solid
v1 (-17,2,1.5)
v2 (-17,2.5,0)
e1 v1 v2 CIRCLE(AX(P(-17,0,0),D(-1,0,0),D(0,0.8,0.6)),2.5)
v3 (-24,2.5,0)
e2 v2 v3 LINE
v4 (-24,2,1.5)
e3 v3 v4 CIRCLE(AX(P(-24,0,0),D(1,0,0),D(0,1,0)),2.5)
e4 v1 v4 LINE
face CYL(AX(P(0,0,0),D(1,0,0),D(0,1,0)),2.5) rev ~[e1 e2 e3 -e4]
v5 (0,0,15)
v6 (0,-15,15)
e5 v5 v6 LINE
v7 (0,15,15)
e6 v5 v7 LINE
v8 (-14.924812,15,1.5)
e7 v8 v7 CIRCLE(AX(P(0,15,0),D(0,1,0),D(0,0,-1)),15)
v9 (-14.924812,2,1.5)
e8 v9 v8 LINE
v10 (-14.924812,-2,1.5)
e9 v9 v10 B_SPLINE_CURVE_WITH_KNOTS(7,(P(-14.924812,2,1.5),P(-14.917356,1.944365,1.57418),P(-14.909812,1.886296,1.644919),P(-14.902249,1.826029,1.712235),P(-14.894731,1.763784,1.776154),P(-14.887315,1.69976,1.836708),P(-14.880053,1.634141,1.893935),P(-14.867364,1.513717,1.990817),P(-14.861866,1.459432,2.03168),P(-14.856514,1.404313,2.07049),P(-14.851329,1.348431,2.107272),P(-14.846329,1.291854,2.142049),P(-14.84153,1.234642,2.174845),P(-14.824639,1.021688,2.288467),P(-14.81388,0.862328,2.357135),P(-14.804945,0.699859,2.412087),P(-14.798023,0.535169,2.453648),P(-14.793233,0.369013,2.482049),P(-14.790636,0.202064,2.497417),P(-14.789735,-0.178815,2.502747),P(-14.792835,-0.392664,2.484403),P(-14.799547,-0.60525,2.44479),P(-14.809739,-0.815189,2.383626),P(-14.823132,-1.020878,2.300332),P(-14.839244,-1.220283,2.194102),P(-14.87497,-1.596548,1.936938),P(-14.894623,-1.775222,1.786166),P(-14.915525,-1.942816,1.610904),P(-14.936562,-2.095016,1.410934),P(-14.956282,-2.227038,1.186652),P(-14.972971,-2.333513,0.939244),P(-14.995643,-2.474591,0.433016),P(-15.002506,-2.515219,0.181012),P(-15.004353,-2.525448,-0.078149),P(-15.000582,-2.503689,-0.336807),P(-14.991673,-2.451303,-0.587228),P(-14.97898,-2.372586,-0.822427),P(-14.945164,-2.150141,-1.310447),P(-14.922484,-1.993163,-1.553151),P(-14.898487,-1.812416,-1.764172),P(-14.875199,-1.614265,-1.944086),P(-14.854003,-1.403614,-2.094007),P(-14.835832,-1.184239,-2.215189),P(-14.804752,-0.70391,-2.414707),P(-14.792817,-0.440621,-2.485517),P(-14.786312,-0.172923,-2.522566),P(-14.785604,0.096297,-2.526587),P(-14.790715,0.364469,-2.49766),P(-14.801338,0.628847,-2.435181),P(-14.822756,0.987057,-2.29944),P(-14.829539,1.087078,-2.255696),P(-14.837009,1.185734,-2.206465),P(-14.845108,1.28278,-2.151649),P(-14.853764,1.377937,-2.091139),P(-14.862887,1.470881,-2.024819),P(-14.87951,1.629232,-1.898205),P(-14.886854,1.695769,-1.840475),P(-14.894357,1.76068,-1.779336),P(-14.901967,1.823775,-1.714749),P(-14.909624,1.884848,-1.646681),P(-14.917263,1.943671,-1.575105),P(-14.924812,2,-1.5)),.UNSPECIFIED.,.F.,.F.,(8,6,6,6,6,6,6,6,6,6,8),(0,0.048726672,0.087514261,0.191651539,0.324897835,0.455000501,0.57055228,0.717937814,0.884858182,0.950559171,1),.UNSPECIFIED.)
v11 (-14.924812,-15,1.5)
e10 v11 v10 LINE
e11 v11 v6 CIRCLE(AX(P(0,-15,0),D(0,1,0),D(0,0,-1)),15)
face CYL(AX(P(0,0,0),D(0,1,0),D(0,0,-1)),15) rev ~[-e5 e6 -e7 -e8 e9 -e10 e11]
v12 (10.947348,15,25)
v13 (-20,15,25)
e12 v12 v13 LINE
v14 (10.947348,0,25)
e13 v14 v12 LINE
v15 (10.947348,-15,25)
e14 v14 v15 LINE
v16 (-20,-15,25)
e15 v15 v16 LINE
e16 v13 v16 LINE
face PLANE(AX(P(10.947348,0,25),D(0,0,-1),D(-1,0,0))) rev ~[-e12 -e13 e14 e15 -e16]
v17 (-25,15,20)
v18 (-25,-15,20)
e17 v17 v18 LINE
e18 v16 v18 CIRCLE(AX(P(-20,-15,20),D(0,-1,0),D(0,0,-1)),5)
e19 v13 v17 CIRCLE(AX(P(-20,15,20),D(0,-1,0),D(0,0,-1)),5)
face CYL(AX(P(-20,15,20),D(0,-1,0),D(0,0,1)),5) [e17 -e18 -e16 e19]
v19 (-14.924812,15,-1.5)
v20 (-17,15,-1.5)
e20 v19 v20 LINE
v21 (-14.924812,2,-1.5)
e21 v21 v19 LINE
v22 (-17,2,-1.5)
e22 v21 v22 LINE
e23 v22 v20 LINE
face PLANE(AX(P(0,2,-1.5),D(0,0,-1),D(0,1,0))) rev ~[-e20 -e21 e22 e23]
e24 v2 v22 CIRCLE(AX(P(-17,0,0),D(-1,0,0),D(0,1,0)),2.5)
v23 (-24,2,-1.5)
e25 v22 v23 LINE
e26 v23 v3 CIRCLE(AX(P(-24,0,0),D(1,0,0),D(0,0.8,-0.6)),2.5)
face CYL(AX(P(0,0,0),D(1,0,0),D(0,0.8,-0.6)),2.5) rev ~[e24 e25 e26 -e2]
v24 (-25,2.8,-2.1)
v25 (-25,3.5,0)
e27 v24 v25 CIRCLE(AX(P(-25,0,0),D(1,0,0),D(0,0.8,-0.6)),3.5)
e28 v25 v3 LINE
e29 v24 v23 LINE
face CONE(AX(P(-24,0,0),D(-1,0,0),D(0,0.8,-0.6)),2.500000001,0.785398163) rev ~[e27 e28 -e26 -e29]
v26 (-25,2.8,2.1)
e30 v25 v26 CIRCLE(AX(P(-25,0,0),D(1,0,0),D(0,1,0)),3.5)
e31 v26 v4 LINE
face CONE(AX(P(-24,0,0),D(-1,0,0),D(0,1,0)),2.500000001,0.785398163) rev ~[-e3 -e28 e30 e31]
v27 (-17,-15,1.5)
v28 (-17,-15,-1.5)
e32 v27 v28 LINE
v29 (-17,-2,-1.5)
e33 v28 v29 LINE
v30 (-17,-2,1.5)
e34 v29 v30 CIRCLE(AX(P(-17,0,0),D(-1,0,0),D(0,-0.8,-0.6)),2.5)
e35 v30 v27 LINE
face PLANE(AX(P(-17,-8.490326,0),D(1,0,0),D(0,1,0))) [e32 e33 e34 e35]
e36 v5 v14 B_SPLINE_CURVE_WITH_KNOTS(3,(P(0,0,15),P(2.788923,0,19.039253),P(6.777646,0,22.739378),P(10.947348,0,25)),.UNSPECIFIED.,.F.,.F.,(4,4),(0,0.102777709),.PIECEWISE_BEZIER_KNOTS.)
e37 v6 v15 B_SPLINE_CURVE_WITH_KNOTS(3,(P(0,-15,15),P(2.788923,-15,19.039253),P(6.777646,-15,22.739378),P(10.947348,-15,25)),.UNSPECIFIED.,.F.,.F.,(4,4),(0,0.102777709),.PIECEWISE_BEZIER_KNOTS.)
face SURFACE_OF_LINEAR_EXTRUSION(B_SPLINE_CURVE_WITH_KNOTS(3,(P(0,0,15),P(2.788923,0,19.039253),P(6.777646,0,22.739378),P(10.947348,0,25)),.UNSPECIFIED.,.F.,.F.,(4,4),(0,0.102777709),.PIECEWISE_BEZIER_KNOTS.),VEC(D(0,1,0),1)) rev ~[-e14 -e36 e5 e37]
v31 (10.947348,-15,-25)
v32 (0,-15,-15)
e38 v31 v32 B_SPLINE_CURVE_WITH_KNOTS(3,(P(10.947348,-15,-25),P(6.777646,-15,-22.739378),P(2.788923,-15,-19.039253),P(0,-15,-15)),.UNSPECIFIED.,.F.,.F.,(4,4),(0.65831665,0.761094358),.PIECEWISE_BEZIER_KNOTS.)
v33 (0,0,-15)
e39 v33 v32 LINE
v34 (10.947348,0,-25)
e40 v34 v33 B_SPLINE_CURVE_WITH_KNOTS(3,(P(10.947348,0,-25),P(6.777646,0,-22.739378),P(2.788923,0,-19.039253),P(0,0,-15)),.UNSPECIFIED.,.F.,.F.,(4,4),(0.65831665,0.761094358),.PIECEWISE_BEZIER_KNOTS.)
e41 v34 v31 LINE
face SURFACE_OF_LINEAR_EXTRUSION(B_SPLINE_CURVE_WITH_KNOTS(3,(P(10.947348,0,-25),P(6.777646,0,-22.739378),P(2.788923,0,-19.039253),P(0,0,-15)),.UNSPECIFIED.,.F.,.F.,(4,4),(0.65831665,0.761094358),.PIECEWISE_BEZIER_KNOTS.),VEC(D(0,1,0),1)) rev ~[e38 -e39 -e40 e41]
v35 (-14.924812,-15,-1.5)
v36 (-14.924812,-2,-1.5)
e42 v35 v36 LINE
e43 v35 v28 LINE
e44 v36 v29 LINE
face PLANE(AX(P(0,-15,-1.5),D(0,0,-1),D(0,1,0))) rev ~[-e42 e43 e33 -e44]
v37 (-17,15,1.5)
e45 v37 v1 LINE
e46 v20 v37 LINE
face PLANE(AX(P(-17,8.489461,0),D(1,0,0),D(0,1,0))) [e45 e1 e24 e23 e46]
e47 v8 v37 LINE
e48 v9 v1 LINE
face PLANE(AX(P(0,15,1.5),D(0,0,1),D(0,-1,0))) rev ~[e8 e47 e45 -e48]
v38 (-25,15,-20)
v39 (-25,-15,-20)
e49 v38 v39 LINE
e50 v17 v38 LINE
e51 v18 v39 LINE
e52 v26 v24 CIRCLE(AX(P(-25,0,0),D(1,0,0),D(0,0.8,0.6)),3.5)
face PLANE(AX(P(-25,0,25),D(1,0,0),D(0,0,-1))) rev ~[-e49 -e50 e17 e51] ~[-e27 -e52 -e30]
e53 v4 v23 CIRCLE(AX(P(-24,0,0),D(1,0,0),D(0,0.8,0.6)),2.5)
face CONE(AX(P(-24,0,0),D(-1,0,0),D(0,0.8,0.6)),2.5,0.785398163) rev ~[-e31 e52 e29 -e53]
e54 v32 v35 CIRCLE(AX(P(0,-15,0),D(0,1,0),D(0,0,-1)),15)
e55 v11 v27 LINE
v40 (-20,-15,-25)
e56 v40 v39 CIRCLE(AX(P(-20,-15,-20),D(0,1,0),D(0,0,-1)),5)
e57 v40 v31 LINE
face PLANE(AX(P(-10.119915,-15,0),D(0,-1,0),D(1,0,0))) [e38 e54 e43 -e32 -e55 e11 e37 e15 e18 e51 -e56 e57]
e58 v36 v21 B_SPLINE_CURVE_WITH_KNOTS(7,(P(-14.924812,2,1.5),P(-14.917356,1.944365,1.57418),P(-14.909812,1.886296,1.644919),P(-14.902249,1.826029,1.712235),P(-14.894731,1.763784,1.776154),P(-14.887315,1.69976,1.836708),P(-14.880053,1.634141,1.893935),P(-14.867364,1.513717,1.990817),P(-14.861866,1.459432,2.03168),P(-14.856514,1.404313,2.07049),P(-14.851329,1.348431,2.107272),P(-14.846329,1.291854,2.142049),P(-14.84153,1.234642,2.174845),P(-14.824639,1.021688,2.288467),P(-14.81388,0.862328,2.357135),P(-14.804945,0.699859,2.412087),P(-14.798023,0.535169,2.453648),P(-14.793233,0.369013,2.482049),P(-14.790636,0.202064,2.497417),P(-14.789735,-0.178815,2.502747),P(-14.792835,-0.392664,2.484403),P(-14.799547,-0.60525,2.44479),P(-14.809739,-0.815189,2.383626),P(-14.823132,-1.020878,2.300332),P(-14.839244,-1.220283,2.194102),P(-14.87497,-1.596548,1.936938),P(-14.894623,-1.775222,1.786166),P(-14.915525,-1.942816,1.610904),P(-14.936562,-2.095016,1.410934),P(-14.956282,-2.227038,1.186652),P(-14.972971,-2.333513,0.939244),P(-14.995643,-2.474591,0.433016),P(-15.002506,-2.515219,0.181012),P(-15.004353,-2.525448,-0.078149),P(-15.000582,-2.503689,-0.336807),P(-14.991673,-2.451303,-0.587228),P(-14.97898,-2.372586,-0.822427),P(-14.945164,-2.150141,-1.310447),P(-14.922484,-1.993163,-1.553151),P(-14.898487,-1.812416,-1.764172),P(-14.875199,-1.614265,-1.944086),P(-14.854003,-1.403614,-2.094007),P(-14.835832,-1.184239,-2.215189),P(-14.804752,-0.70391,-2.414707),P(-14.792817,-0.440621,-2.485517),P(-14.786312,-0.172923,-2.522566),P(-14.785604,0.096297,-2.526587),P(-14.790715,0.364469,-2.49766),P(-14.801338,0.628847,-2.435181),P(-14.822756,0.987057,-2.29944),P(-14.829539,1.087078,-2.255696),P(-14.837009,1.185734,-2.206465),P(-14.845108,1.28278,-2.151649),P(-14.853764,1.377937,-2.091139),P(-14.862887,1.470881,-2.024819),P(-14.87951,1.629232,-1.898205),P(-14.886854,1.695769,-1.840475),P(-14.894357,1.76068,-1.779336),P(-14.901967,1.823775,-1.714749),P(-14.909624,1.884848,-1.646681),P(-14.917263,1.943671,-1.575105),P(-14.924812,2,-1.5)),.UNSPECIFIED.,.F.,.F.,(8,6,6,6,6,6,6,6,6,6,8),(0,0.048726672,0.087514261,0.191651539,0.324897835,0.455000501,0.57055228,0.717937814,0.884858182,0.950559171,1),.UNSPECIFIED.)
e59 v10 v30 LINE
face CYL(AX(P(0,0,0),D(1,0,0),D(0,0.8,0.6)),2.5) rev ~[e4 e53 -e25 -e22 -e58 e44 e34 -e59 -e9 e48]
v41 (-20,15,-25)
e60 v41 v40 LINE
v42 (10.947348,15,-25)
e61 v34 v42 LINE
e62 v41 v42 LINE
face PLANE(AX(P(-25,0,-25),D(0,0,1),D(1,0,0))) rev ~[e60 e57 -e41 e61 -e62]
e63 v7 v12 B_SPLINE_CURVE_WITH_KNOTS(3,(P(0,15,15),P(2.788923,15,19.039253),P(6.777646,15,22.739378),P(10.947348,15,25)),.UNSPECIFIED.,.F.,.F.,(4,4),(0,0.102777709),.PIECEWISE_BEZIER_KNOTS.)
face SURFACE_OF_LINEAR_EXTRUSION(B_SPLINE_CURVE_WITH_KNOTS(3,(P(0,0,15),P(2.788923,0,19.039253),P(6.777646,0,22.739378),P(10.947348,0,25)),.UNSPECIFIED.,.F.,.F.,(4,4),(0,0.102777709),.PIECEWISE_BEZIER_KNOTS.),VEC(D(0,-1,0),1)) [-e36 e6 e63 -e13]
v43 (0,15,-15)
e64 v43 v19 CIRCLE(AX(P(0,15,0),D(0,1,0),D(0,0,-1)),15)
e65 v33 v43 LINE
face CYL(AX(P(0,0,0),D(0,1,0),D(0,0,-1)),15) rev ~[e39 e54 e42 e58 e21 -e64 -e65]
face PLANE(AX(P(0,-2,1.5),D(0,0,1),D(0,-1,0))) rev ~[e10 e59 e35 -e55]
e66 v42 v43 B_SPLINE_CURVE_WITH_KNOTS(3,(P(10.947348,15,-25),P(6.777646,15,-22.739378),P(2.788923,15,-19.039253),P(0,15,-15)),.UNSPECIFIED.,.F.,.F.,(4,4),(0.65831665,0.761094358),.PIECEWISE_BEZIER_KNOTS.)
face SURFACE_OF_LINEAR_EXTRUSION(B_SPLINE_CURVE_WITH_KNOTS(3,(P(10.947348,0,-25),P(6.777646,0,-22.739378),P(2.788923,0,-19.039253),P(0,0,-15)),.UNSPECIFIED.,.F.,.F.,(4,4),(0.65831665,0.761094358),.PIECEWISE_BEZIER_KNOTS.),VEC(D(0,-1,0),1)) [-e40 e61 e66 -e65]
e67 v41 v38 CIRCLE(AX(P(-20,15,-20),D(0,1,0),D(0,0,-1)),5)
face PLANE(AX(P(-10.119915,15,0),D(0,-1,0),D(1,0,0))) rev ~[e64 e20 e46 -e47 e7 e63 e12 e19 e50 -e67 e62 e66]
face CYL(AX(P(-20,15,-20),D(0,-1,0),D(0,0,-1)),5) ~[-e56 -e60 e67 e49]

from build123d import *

# Parameters (mm, degrees)
F1_DEPTH      = 15
F1_DEPTH_BACK = 15
F2_R          = 5
F4_DEPTH      = 25.0010001
F5_SIZE       = 1
F6_DEPTH      = 17


with BuildPart() as f1:
    # F0 (on Front) → F1 (new body, two sides)
    with BuildSketch(Plane.XZ) as f1_sk:
        with BuildLine():
            Line((10.947347623, 25), (-25, 25))
            Line((-25, 25), (-25, -25))
            Line((-25, -25), (10.947347623, -25))
            add(Edge.make_bspline(
                [(10.947347623, -25), (6.7776464895, -22.7393775974), (2.7889229832, -19.0392534951), (0, -15)],
                knots=[0.6583166498, 0.6583166498, 0.6583166498, 0.6583166498, 0.7610943584, 0.7610943584, 0.7610943584, 0.7610943584], degree=3))
            ThreePointArc((0, -15), (-15, 0), (0, 15))
            add(Edge.make_bspline(
                [(0, 15), (2.7889229832, 19.0392534951), (6.7776464895, 22.7393775974), (10.947347623, 25)],
                knots=[0, 0, 0, 0, 0.1027777086, 0.1027777086, 0.1027777086, 0.1027777086], degree=3))
        make_face()
    extrude(amount=-F1_DEPTH)
    extrude(f1_sk.sketch, amount=F1_DEPTH_BACK)

    # F2
    f2_edges = [f1.edges().sort_by_distance(p)[0] for p in [
        (-25, 0, 25),
        (-25, 0, -25),
    ]]
    fillet(f2_edges, radius=F2_R)

    # F3 (on Right) → F4 (cut, through all)
    with BuildSketch(Plane.YZ):
        with BuildLine():
            ThreePointArc((2, -1.5), (2.3717082451, -0.790569415), (2.5, 0))
            ThreePointArc((2.5, 0), (2.3717082451, 0.790569415), (2, 1.5))
            Line((2, 1.5), (-2, 1.5))
            ThreePointArc((-2, 1.5), (-2.5, 0), (-2, -1.5))
            Line((-2, -1.5), (2, -1.5))
        make_face()
        with BuildLine():
            ThreePointArc((-2, -1.5), (0, -2.5), (2, -1.5))
            Line((2, -1.5), (-2, -1.5))
        make_face()
        with BuildLine():
            Line((-2, 1.5), (2, 1.5))
            ThreePointArc((2, 1.5), (0, 2.5), (-2, 1.5))
        make_face()
    extrude(amount=-F4_DEPTH, mode=Mode.SUBTRACT)

    # F5
    f5_edges = [f1.edges().sort_by_distance(p)[0] for p in [
        (-25, -2, -1.5),
    ]]
    chamfer(f5_edges, length=F5_SIZE)

    # F3 (on Right) → F6 (cut)
    with BuildSketch(Plane.YZ):
        with BuildLine():
            ThreePointArc((2, 1.5), (2.3717082451, 0.790569415), (2.5, 0))
            ThreePointArc((2.5, 0), (2.3717082451, -0.790569415), (2, -1.5))
            Line((2, -1.5), (15, -1.5))
            Line((15, -1.5), (15, 1.5))
            Line((15, 1.5), (2, 1.5))
        make_face()
        with BuildLine():
            ThreePointArc((-2, -1.5), (-2.5, 0), (-2, 1.5))
            Line((-2, 1.5), (-15, 1.5))
            Line((-15, 1.5), (-15, -1.5))
            Line((-15, -1.5), (-2, -1.5))
        make_face()
    extrude(amount=-F6_DEPTH, mode=Mode.SUBTRACT)


solid = f1.part
